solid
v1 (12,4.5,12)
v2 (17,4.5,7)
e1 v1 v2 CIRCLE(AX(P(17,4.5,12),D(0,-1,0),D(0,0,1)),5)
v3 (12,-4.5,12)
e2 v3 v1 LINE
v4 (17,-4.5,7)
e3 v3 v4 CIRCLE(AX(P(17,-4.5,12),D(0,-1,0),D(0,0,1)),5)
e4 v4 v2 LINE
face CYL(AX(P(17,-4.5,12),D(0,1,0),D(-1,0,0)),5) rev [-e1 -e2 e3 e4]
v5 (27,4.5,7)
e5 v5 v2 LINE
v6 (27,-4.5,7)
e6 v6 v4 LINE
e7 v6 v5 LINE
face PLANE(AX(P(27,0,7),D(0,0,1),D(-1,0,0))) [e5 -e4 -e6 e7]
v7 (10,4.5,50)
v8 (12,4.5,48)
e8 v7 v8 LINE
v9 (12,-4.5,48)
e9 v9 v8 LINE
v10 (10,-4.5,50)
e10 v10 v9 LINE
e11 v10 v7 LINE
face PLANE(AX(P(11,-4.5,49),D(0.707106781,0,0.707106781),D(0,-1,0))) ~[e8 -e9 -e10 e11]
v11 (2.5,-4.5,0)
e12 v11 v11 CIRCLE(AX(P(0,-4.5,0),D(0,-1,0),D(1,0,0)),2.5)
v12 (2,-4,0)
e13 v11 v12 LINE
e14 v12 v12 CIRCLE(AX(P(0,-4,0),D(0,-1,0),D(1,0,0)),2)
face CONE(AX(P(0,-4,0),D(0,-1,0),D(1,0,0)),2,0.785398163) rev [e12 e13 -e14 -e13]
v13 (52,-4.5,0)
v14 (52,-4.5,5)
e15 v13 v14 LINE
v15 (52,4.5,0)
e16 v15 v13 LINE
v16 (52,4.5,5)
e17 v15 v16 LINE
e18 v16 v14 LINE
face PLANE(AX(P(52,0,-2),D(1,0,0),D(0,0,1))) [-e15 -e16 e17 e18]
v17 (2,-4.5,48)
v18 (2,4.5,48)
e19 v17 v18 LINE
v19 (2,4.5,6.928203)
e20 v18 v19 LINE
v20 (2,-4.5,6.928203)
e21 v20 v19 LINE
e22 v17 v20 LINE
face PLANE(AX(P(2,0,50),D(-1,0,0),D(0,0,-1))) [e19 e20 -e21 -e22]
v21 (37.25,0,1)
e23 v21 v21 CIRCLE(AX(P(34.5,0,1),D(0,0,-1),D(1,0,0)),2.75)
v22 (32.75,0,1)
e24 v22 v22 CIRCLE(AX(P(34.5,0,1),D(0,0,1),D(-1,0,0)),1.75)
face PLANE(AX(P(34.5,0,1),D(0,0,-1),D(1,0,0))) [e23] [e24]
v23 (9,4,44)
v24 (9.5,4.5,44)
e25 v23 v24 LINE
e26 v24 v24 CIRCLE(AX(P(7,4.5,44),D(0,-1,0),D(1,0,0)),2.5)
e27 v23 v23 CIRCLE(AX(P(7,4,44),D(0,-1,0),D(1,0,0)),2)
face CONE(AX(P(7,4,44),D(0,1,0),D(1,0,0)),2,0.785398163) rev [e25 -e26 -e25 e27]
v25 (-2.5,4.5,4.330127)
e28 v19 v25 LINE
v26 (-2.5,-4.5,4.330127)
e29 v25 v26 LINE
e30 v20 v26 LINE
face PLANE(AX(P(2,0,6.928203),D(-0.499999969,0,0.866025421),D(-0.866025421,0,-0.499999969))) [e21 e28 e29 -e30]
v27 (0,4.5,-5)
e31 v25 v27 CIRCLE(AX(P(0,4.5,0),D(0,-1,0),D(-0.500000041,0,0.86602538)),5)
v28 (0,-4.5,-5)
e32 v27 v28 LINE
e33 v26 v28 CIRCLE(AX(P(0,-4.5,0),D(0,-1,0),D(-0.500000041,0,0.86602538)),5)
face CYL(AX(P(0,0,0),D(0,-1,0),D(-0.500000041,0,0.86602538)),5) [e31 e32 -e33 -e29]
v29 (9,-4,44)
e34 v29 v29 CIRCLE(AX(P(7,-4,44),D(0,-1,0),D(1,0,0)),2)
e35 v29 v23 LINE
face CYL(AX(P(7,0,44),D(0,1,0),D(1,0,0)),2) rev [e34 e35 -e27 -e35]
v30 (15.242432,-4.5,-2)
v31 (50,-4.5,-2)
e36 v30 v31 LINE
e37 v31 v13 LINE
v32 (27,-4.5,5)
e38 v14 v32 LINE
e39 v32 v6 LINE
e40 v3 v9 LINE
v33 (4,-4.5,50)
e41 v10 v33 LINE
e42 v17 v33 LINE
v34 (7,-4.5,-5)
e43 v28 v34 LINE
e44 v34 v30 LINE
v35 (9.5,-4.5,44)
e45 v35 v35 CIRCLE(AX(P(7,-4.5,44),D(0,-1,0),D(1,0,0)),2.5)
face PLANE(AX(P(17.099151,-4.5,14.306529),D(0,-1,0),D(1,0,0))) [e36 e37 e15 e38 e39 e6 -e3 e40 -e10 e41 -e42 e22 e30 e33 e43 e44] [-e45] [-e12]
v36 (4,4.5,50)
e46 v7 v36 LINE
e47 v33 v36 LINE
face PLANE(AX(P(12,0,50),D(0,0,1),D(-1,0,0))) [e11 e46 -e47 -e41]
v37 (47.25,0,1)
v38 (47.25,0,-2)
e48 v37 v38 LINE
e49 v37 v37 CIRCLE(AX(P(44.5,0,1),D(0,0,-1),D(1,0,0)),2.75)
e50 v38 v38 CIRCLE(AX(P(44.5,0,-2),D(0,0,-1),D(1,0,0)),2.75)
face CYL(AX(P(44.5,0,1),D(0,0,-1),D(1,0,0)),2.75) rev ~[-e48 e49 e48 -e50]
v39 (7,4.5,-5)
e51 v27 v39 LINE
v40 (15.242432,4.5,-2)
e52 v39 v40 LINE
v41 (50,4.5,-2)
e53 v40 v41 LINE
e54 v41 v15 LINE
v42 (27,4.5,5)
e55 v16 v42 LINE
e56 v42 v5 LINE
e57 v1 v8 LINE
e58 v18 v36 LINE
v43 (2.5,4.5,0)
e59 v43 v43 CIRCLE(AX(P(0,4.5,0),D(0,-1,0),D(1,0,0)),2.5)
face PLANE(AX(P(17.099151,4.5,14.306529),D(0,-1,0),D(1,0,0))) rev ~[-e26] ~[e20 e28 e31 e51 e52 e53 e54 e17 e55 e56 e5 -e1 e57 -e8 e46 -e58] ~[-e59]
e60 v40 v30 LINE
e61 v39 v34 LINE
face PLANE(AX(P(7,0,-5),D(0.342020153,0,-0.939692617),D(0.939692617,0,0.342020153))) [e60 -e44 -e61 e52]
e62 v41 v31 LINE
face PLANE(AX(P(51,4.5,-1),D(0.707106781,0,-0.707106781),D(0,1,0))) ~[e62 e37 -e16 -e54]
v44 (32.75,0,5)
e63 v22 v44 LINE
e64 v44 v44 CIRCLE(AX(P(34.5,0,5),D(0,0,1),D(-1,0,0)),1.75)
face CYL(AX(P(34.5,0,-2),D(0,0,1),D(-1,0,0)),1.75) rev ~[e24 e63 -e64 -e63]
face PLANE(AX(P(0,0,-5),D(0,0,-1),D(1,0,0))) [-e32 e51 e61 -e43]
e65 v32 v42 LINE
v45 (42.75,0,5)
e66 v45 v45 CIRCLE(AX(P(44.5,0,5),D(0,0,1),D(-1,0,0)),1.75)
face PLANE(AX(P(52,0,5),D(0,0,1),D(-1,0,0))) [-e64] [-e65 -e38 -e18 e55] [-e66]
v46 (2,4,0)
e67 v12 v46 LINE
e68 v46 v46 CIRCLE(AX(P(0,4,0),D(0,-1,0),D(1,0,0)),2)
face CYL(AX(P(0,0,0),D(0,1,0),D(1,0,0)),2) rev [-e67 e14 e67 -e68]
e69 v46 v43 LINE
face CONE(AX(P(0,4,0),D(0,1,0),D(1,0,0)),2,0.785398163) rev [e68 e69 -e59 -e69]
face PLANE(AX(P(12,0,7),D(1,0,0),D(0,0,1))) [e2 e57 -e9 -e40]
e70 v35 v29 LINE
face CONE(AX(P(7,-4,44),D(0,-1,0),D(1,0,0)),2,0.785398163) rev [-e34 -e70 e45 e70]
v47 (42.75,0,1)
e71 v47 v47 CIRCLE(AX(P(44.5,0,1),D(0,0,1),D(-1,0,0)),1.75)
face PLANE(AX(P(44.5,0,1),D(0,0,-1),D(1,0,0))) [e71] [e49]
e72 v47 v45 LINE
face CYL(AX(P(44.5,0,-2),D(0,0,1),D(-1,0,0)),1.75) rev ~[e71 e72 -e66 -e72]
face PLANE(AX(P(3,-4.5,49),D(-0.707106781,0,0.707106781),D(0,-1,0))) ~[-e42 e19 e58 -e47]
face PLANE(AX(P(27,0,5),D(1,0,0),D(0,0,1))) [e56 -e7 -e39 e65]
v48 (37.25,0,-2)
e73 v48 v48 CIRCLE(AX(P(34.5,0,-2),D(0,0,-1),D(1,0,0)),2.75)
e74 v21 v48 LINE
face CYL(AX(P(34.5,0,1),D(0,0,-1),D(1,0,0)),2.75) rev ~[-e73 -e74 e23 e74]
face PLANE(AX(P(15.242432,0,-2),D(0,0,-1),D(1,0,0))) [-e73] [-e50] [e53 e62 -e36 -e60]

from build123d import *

# Parameters (mm, degrees)
F0_R           = 2
F1_DEPTH       = 4.5
F2_SIZE        = 0.5
F3_SIZE        = 2
F4_R           = 5
F6_D           = 3.5
F6_CBORE_D     = 5.5
F6_CBORE_DEPTH = 3


with BuildPart() as f1:
    # F0 (on Front) → F1 (new body, symmetric)
    with BuildSketch(Plane.XZ):
        with BuildLine():
            Line((2, 6.928203), (-2.5, 4.330127))
            ThreePointArc((-2.5, 4.330127), (-4.829629, -1.294095), (0, -5))
            Line((0, -5), (7, -5))
            Line((7, -5), (15.242432, -2))
            Line((15.242432, -2), (52, -2))
            Line((52, -2), (52, 5))
            Line((52, 5), (27, 5))
            Line((27, 5), (27, 7))
            Line((27, 7), (12, 7))
            Line((12, 7), (12, 50))
            Line((12, 50), (2, 50))
            Line((2, 50), (2, 6.928203))
        make_face()
        Circle(F0_R, mode=Mode.SUBTRACT)
        with Locations((7, 44)):
            Circle(F0_R, mode=Mode.SUBTRACT)
    extrude(amount=F1_DEPTH, both=True)

    # F2
    f2_edges = [f1.edges().sort_by_distance(p)[0] for p in [
        (5, -4.5, 44),
        (-2, -4.5, 0),
        (5, 4.5, 44),
        (-2, 4.5, 0),
    ]]
    chamfer(f2_edges, length=F2_SIZE)

    # F3
    f3_edges = [f1.edges().sort_by_distance(p)[0] for p in [
        (12, 0, 50),
        (2, 0, 50),
        (52, 0, -2),
    ]]
    chamfer(f3_edges, length=F3_SIZE)

    # F4
    f4_edges = [f1.edges().sort_by_distance(p)[0] for p in [
        (12, 0, 7),
    ]]
    fillet(f4_edges, radius=F4_R)

    # F6 (through all)
    with Locations(Plane(origin=(0, 0, -2), x_dir=(1, 0, 0), z_dir=(0, 0, -1))):
        with Locations((44.5, 0), (34.5, 0)):
            CounterBoreHole(F6_D / 2, F6_CBORE_D / 2, F6_CBORE_DEPTH)


solid = f1.part
